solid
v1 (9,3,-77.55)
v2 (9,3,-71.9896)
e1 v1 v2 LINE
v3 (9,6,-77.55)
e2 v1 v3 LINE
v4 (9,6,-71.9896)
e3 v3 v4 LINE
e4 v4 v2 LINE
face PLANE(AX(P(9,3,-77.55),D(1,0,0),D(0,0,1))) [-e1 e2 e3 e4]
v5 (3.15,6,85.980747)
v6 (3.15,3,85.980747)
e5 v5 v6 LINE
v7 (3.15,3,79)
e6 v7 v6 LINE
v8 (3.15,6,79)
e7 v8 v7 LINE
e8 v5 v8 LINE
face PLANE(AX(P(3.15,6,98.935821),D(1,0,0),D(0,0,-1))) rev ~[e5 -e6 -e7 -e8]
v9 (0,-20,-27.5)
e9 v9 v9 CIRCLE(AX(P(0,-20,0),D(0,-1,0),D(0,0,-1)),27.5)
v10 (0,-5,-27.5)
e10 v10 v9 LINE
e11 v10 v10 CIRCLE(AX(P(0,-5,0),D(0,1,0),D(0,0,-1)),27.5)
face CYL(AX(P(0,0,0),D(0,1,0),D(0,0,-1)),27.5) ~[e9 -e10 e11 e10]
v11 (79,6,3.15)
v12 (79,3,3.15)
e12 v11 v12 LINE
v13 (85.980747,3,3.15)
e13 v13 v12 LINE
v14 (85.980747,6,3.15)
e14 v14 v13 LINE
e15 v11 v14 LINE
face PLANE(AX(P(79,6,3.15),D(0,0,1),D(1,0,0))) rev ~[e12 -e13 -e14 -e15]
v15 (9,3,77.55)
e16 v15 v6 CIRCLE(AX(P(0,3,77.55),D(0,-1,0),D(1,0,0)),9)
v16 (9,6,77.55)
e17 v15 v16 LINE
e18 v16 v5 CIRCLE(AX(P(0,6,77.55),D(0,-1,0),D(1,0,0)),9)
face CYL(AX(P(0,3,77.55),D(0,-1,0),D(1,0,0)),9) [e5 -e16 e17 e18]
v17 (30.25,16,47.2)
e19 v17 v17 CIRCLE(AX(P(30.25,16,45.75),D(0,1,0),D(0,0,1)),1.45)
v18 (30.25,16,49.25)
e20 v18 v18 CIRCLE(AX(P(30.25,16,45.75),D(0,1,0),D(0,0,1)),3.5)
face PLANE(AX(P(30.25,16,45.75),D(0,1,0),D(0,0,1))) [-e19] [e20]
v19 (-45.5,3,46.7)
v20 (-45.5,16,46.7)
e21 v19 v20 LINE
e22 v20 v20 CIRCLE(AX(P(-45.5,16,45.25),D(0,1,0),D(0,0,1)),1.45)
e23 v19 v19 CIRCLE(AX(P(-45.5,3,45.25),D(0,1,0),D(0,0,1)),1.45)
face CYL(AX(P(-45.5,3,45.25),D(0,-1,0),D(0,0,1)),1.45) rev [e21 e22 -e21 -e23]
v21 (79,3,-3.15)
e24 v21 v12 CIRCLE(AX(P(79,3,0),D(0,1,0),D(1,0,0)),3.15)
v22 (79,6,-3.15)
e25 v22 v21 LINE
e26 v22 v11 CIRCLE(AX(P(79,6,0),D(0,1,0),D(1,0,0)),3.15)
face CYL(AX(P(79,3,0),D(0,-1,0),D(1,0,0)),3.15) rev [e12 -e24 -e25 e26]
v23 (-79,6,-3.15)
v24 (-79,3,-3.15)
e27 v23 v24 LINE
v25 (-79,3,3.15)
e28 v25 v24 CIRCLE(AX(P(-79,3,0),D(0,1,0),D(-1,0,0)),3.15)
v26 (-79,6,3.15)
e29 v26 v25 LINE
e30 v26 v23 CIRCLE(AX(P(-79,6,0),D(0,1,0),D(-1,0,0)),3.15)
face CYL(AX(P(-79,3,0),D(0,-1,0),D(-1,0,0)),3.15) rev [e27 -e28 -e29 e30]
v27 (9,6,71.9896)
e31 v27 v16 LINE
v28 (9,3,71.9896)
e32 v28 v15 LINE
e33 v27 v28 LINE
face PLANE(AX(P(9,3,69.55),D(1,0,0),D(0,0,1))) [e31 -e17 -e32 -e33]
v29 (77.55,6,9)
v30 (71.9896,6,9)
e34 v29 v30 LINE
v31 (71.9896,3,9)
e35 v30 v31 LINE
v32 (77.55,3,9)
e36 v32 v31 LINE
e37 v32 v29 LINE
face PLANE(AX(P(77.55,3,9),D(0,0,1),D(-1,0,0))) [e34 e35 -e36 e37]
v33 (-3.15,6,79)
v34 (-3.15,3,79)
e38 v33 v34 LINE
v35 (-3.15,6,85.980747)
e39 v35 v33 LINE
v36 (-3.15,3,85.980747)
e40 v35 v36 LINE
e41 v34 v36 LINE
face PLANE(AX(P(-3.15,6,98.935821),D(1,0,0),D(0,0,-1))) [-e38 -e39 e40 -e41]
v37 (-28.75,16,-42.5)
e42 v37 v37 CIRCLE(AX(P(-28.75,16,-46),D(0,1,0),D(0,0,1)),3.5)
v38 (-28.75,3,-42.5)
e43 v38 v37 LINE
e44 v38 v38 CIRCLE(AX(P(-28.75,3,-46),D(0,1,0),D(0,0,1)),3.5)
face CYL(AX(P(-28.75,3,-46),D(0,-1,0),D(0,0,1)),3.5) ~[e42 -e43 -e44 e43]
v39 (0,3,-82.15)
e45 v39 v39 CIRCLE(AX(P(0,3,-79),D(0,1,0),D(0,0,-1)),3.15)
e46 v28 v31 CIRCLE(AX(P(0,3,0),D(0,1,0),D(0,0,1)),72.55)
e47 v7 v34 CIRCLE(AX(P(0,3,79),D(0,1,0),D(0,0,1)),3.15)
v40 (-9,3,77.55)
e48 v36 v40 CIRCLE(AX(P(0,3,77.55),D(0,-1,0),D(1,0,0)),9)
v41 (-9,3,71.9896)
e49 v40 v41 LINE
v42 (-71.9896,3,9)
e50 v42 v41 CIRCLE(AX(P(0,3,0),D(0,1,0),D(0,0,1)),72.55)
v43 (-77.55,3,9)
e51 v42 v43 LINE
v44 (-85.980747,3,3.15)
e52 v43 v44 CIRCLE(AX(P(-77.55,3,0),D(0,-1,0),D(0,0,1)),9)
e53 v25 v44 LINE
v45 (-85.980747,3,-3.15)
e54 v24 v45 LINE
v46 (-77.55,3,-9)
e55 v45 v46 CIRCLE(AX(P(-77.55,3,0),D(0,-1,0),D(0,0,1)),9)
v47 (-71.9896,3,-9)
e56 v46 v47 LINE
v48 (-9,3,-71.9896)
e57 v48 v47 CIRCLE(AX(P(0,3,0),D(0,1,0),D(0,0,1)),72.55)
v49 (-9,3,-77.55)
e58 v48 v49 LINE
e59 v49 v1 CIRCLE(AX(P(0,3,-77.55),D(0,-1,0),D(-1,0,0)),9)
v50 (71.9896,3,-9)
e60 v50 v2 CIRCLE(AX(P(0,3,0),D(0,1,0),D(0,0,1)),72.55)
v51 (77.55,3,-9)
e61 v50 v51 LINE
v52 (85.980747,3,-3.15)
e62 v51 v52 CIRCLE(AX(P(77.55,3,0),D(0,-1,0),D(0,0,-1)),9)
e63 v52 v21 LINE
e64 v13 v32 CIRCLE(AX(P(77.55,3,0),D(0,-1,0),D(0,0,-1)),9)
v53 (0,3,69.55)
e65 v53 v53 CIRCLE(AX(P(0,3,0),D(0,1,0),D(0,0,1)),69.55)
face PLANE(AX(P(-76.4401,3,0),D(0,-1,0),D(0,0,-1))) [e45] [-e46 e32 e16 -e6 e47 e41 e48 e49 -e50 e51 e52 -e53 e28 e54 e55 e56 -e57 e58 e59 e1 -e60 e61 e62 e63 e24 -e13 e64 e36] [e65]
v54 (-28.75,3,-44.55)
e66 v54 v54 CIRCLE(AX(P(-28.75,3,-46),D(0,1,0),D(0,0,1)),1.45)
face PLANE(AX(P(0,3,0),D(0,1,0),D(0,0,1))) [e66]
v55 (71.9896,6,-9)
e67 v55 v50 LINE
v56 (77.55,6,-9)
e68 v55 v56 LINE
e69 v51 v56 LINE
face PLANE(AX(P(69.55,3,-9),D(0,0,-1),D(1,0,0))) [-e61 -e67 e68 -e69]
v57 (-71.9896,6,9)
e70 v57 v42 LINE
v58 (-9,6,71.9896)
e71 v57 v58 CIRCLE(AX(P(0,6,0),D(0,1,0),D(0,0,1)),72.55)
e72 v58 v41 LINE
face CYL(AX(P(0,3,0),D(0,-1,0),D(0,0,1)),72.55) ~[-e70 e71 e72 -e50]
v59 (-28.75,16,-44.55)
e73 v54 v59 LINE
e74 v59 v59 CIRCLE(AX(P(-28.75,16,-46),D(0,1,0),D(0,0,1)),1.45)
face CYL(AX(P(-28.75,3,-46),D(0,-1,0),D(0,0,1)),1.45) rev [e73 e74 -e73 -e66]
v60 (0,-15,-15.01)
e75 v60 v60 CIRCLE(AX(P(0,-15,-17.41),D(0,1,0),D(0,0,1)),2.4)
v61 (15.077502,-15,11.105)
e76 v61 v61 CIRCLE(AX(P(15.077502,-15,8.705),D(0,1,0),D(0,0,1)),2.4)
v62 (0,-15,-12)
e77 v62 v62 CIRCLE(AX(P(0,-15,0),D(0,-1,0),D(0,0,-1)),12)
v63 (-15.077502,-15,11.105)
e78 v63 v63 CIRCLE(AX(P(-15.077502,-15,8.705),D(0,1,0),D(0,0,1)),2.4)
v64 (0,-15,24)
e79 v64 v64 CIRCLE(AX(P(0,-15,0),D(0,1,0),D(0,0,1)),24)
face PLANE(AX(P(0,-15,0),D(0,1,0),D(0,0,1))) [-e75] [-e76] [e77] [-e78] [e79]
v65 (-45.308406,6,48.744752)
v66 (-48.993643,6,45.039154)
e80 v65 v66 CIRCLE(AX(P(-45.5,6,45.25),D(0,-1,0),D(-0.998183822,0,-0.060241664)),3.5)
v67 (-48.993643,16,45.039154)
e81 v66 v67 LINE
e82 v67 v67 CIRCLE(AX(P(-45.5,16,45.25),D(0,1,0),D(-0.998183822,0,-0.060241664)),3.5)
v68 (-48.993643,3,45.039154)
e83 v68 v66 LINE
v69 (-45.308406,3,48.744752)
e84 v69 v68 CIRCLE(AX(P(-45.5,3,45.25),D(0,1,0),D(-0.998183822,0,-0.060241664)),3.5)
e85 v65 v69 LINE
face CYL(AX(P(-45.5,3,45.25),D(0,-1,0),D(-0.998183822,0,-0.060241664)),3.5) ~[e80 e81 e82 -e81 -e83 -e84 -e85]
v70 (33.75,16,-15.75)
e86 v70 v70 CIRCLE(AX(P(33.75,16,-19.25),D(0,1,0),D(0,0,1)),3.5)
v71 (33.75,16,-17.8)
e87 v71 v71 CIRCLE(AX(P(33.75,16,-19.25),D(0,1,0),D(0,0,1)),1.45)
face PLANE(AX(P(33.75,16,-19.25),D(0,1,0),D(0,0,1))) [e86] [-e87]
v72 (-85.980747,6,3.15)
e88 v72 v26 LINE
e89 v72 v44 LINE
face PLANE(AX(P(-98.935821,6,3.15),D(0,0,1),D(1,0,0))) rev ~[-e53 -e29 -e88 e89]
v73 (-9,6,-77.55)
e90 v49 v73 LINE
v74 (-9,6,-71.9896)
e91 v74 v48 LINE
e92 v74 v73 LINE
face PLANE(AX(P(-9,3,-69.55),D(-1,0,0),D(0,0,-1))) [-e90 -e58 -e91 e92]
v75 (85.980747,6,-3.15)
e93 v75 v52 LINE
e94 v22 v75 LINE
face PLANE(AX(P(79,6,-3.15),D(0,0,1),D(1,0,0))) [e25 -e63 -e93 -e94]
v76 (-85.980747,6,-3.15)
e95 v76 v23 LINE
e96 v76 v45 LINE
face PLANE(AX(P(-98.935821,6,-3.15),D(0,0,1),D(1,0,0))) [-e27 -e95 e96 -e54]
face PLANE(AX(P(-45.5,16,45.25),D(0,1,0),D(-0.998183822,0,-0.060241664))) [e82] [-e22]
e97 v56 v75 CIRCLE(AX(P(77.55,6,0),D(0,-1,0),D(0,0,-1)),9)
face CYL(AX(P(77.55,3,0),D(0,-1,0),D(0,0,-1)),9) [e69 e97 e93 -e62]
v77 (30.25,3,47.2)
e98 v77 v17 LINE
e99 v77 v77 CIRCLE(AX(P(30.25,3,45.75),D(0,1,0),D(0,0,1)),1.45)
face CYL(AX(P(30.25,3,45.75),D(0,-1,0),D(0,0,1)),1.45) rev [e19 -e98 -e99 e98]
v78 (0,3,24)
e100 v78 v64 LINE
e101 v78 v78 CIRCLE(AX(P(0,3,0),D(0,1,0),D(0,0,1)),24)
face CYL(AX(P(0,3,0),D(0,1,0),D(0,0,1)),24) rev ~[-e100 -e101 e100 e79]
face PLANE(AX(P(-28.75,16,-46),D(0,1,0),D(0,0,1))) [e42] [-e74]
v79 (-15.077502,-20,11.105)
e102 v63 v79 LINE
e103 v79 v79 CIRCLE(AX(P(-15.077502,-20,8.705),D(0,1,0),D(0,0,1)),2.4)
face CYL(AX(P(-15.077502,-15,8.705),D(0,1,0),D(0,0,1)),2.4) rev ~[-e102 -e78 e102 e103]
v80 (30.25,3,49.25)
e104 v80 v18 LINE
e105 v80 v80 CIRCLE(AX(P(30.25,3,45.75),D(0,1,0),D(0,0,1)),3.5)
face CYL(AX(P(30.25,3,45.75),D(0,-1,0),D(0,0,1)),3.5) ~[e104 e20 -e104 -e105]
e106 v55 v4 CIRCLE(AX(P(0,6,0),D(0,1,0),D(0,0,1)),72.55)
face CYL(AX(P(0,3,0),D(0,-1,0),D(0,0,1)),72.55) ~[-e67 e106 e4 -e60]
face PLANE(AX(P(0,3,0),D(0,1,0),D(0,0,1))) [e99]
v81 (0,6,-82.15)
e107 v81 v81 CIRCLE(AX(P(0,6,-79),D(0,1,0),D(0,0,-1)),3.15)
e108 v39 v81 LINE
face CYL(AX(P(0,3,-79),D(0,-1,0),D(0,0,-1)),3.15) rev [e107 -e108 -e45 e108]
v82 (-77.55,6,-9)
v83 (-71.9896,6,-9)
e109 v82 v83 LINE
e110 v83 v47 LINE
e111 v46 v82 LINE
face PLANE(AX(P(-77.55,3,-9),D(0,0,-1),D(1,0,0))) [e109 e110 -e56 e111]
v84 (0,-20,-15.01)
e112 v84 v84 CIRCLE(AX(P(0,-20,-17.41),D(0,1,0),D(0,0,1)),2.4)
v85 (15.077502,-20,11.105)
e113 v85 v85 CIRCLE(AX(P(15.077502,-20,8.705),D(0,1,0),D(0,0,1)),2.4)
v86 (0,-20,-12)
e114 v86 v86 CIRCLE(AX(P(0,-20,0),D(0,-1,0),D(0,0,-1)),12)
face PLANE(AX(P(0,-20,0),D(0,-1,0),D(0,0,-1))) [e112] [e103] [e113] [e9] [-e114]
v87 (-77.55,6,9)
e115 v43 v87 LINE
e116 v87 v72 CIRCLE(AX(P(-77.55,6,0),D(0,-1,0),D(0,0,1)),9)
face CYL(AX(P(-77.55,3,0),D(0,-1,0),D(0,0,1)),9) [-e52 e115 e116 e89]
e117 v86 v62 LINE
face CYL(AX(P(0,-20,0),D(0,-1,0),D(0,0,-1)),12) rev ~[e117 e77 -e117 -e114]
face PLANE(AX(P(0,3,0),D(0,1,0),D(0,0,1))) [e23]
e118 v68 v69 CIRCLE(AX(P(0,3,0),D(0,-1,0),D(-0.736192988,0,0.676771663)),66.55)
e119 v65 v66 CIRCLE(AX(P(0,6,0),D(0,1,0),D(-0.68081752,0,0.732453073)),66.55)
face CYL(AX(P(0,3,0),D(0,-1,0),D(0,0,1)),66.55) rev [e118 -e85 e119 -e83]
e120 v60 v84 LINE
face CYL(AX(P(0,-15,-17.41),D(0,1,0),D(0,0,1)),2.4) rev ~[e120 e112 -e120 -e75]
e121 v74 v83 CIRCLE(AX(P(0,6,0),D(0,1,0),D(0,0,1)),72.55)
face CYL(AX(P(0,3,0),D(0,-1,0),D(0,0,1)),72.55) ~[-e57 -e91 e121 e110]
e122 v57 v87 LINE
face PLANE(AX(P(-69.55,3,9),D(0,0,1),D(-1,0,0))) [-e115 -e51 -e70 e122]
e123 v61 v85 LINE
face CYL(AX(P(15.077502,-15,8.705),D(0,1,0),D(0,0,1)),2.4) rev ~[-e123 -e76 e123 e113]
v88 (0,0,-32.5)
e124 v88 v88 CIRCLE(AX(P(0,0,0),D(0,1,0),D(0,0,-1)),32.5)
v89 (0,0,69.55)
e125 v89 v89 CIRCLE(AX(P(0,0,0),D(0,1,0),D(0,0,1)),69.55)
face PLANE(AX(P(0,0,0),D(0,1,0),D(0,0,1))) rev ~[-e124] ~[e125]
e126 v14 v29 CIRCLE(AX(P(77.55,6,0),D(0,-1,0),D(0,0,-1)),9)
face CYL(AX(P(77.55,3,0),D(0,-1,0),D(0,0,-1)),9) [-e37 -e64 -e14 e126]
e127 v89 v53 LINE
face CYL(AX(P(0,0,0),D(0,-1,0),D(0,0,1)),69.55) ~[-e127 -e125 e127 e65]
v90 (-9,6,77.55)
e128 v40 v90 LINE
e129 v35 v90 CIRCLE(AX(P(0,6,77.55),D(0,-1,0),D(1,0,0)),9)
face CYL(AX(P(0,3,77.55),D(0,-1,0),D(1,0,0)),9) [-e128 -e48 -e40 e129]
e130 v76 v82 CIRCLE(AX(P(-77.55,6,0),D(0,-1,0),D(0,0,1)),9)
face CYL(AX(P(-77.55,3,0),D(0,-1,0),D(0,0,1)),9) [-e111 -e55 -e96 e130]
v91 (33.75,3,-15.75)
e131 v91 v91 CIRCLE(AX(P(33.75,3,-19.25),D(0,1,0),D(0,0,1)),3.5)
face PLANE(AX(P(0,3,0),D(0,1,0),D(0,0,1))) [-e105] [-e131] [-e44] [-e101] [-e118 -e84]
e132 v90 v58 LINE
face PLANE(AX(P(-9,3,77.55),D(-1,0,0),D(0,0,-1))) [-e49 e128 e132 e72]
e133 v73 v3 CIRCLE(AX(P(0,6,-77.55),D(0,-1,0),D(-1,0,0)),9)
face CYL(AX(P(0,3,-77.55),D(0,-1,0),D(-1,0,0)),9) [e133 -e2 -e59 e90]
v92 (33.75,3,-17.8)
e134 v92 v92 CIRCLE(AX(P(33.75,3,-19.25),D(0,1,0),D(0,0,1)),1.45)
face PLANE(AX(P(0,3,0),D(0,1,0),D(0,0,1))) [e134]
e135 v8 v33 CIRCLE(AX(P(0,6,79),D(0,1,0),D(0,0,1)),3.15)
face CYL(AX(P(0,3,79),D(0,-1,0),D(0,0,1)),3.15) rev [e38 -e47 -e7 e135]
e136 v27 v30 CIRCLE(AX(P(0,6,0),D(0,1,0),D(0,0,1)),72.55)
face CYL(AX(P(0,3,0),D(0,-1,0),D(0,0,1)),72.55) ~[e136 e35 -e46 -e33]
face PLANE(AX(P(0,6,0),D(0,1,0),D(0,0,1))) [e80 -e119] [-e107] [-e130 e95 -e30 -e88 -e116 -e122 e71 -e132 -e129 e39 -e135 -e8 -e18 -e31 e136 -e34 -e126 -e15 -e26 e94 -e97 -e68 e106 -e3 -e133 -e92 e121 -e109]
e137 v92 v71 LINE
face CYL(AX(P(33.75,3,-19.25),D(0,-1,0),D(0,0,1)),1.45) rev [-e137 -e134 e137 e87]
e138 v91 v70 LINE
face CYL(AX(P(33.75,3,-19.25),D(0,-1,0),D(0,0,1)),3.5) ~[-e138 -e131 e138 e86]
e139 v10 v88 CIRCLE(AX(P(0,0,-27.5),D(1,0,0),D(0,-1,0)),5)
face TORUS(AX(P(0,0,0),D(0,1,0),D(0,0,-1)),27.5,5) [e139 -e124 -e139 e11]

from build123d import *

# Parameters (mm, degrees)
SKETCH1_R           = 69.55
BOSS_EXTRUDE1_DEPTH = 3
SKETCH2_R           = 72.55
SKETCH2_R_2         = 66.55
BOSS_EXTRUDE2_DEPTH = 3
SKETCH4_R           = 3.5
SKETCH4_R_2         = 1.45
BOSS_EXTRUDE3_DEPTH = 13
SKETCH5_R           = 3.15
BOSS_EXTRUDE4_DEPTH = 3
CIRPATTERN1_COUNT   = 4
SKETCH6_R           = 27.5
BOSS_EXTRUDE5_DEPTH = 20
SKETCH7_R           = 12
CUT_EXTRUDE1_DEPTH  = 128.58450141
SKETCH8_R           = 24
CUT_EXTRUDE2_DEPTH  = 18
SKETCH9_R           = 2.4
CUT_EXTRUDE3_DEPTH  = 127.264820912
SKETCH10_W          = 19.93582071
SKETCH10_H          = 6.3
SKETCH10_W_2        = 6.3
SKETCH10_H_2        = 19.93582071
CUT_EXTRUDE4_DEPTH  = 126.131151197


with BuildPart() as part:
    # Sketch1 → Boss-Extrude1 (new body)
    with BuildSketch(Plane(origin=(0, 0, 0), x_dir=(1, 0, 0), z_dir=(0, 1, 0))):
        with Locations(Location((0, 0, 0), (0, 0, 270))):
            Circle(SKETCH1_R)
    extrude(amount=BOSS_EXTRUDE1_DEPTH)

    # Sketch2 → Boss-Extrude2 (add)
    with BuildSketch(Plane(origin=(0, 3, 0), x_dir=(1, 0, 0), z_dir=(0, 1, 0))):
        with Locations(Location((0, 0, 0), (0, 0, 270))):
            Circle(SKETCH2_R)
        with Locations(Location((0, 0, 0), (0, 0, 270))):
            Circle(SKETCH2_R_2, mode=Mode.SUBTRACT)
    extrude(amount=BOSS_EXTRUDE2_DEPTH)

    # Sketch4 → Boss-Extrude3 (add)
    # profile 1 of 4: a face of its own
    with BuildSketch(Plane(origin=(0, 3, 0), x_dir=(1, 0, 0), z_dir=(0, 1, 0))):
        with Locations(Location((-28.75, 46, 0), (0, 0, 270))):
            Circle(SKETCH4_R)
        with Locations(Location((-28.75, 46, 0), (0, 0, 270))):
            Circle(SKETCH4_R_2, mode=Mode.SUBTRACT)
    # profile 2 of 4: a face of its own
    with BuildSketch(Plane(origin=(0, 3, 0), x_dir=(1, 0, 0), z_dir=(0, 1, 0))):
        with Locations(Location((33.75, 19.25, 0), (0, 0, 270))):
            Circle(SKETCH4_R)
        with Locations(Location((33.75, 19.25, 0), (0, 0, 270))):
            Circle(SKETCH4_R_2, mode=Mode.SUBTRACT)
    # profile 3 of 4: a face of its own
    with BuildSketch(Plane(origin=(0, 3, 0), x_dir=(1, 0, 0), z_dir=(0, 1, 0))):
        with Locations(Location((30.25, -45.75, 0), (0, 0, 270))):
            Circle(SKETCH4_R)
        with Locations(Location((30.25, -45.75, 0), (0, 0, 270))):
            Circle(SKETCH4_R_2, mode=Mode.SUBTRACT)
    # profile 4 of 4: a face of its own
    with BuildSketch(Plane(origin=(0, 3, 0), x_dir=(1, 0, 0), z_dir=(0, 1, 0))):
        with Locations(Location((-45.5, -45.25, 0), (0, 0, 176.546315789))):
            Circle(SKETCH4_R)
        with Locations(Location((-45.5, -45.25, 0), (0, 0, 270))):
            Circle(SKETCH4_R_2, mode=Mode.SUBTRACT)
    extrude(amount=BOSS_EXTRUDE3_DEPTH)

    # Sketch5 → Boss-Extrude4 (add)
    with BuildSketch(Plane(origin=(0, 3, 0), x_dir=(1, 0, 0), z_dir=(0, 1, 0))):
        with BuildLine():
            Line((-9, -69.55), (9, -69.55))
            Line((9, -69.55), (9, -77.55))
            ThreePointArc((9, -77.55), (0, -86.55), (-9, -77.55))
            Line((-9, -77.55), (-9, -69.55))
        make_face()
        with Locations(Location((0, -79, 0), (0, 0, 270))):
            Circle(SKETCH5_R, mode=Mode.SUBTRACT)
    boss_extrude4 = extrude(amount=BOSS_EXTRUDE4_DEPTH)

    # CirPattern1: Boss-Extrude4 ×4 about axis
    cirpattern1_axis = Axis((0, 0, 0), (0, 1, 0))
    for i in range(1, CIRPATTERN1_COUNT):
        add(boss_extrude4.rotate(cirpattern1_axis, i * 360 / CIRPATTERN1_COUNT))

    # Sketch6 → Boss-Extrude5 (add)
    with BuildSketch(Plane.XZ):
        with Locations(Location((0, 0, 0), (0, 0, 270))):
            Circle(SKETCH6_R)
    extrude(amount=BOSS_EXTRUDE5_DEPTH)

    # Sketch7 → Cut-Extrude1 (cut, through all)
    with BuildSketch(Plane.XZ.offset(20)):
        with Locations(Location((0, 0, 0), (0, 0, 270))):
            Circle(SKETCH7_R)
    extrude(amount=-CUT_EXTRUDE1_DEPTH, mode=Mode.SUBTRACT)

    # Sketch8 → Cut-Extrude2 (cut)
    with BuildSketch(Plane(origin=(0, 3, 0), x_dir=(1, 0, 0), z_dir=(0, 1, 0))):
        with Locations(Location((0, 0, 0), (0, 0, 270))):
            Circle(SKETCH8_R)
    extrude(amount=-CUT_EXTRUDE2_DEPTH, mode=Mode.SUBTRACT)

    # Sketch9 → Cut-Extrude3 (cut, through all)
    with BuildSketch(Plane(origin=(0, -15, 0), x_dir=(1, 0, 0), z_dir=(0, 1, 0))):
        with Locations(Location((0, 17.41, 0), (0, 0, 270))):
            Circle(SKETCH9_R)
        with Locations(Location((-15.07750228, -8.705, 0), (0, 0, 270))):
            Circle(SKETCH9_R)
        with Locations(Location((15.07750228, -8.705, 0), (0, 0, 270))):
            Circle(SKETCH9_R)
    extrude(amount=-CUT_EXTRUDE3_DEPTH, mode=Mode.SUBTRACT)

    # Sketch10 → Cut-Extrude4 (cut, through all)
    with BuildSketch(Plane(origin=(0, 6, 0), x_dir=(1, 0, 0), z_dir=(0, 1, 0))):
        with Locations((-88.967910355, 0)):
            Rectangle(SKETCH10_W, SKETCH10_H)
        with Locations((0, -88.967910355)):
            Rectangle(SKETCH10_W_2, SKETCH10_H_2)
        with Locations((88.967910355, 0)):
            Rectangle(SKETCH10_W, SKETCH10_H)
    extrude(amount=-CUT_EXTRUDE4_DEPTH, mode=Mode.SUBTRACT)

    # Sketch11 → Revolve1 (revolve)
    with BuildSketch(Plane(origin=(0, 0, 0), x_dir=(0, 0, -1), z_dir=(1, 0, 0))):
        with BuildLine():
            Line((27.5, 0), (27.5, -5))
            ThreePointArc((27.5, -5), (31.035533906, -3.535533906), (32.5, 0))
            Line((32.5, 0), (27.5, 0))
        make_face()
    revolve(axis=Axis((0, -20, 0), (0, 1, 0)))


solid = part.part
